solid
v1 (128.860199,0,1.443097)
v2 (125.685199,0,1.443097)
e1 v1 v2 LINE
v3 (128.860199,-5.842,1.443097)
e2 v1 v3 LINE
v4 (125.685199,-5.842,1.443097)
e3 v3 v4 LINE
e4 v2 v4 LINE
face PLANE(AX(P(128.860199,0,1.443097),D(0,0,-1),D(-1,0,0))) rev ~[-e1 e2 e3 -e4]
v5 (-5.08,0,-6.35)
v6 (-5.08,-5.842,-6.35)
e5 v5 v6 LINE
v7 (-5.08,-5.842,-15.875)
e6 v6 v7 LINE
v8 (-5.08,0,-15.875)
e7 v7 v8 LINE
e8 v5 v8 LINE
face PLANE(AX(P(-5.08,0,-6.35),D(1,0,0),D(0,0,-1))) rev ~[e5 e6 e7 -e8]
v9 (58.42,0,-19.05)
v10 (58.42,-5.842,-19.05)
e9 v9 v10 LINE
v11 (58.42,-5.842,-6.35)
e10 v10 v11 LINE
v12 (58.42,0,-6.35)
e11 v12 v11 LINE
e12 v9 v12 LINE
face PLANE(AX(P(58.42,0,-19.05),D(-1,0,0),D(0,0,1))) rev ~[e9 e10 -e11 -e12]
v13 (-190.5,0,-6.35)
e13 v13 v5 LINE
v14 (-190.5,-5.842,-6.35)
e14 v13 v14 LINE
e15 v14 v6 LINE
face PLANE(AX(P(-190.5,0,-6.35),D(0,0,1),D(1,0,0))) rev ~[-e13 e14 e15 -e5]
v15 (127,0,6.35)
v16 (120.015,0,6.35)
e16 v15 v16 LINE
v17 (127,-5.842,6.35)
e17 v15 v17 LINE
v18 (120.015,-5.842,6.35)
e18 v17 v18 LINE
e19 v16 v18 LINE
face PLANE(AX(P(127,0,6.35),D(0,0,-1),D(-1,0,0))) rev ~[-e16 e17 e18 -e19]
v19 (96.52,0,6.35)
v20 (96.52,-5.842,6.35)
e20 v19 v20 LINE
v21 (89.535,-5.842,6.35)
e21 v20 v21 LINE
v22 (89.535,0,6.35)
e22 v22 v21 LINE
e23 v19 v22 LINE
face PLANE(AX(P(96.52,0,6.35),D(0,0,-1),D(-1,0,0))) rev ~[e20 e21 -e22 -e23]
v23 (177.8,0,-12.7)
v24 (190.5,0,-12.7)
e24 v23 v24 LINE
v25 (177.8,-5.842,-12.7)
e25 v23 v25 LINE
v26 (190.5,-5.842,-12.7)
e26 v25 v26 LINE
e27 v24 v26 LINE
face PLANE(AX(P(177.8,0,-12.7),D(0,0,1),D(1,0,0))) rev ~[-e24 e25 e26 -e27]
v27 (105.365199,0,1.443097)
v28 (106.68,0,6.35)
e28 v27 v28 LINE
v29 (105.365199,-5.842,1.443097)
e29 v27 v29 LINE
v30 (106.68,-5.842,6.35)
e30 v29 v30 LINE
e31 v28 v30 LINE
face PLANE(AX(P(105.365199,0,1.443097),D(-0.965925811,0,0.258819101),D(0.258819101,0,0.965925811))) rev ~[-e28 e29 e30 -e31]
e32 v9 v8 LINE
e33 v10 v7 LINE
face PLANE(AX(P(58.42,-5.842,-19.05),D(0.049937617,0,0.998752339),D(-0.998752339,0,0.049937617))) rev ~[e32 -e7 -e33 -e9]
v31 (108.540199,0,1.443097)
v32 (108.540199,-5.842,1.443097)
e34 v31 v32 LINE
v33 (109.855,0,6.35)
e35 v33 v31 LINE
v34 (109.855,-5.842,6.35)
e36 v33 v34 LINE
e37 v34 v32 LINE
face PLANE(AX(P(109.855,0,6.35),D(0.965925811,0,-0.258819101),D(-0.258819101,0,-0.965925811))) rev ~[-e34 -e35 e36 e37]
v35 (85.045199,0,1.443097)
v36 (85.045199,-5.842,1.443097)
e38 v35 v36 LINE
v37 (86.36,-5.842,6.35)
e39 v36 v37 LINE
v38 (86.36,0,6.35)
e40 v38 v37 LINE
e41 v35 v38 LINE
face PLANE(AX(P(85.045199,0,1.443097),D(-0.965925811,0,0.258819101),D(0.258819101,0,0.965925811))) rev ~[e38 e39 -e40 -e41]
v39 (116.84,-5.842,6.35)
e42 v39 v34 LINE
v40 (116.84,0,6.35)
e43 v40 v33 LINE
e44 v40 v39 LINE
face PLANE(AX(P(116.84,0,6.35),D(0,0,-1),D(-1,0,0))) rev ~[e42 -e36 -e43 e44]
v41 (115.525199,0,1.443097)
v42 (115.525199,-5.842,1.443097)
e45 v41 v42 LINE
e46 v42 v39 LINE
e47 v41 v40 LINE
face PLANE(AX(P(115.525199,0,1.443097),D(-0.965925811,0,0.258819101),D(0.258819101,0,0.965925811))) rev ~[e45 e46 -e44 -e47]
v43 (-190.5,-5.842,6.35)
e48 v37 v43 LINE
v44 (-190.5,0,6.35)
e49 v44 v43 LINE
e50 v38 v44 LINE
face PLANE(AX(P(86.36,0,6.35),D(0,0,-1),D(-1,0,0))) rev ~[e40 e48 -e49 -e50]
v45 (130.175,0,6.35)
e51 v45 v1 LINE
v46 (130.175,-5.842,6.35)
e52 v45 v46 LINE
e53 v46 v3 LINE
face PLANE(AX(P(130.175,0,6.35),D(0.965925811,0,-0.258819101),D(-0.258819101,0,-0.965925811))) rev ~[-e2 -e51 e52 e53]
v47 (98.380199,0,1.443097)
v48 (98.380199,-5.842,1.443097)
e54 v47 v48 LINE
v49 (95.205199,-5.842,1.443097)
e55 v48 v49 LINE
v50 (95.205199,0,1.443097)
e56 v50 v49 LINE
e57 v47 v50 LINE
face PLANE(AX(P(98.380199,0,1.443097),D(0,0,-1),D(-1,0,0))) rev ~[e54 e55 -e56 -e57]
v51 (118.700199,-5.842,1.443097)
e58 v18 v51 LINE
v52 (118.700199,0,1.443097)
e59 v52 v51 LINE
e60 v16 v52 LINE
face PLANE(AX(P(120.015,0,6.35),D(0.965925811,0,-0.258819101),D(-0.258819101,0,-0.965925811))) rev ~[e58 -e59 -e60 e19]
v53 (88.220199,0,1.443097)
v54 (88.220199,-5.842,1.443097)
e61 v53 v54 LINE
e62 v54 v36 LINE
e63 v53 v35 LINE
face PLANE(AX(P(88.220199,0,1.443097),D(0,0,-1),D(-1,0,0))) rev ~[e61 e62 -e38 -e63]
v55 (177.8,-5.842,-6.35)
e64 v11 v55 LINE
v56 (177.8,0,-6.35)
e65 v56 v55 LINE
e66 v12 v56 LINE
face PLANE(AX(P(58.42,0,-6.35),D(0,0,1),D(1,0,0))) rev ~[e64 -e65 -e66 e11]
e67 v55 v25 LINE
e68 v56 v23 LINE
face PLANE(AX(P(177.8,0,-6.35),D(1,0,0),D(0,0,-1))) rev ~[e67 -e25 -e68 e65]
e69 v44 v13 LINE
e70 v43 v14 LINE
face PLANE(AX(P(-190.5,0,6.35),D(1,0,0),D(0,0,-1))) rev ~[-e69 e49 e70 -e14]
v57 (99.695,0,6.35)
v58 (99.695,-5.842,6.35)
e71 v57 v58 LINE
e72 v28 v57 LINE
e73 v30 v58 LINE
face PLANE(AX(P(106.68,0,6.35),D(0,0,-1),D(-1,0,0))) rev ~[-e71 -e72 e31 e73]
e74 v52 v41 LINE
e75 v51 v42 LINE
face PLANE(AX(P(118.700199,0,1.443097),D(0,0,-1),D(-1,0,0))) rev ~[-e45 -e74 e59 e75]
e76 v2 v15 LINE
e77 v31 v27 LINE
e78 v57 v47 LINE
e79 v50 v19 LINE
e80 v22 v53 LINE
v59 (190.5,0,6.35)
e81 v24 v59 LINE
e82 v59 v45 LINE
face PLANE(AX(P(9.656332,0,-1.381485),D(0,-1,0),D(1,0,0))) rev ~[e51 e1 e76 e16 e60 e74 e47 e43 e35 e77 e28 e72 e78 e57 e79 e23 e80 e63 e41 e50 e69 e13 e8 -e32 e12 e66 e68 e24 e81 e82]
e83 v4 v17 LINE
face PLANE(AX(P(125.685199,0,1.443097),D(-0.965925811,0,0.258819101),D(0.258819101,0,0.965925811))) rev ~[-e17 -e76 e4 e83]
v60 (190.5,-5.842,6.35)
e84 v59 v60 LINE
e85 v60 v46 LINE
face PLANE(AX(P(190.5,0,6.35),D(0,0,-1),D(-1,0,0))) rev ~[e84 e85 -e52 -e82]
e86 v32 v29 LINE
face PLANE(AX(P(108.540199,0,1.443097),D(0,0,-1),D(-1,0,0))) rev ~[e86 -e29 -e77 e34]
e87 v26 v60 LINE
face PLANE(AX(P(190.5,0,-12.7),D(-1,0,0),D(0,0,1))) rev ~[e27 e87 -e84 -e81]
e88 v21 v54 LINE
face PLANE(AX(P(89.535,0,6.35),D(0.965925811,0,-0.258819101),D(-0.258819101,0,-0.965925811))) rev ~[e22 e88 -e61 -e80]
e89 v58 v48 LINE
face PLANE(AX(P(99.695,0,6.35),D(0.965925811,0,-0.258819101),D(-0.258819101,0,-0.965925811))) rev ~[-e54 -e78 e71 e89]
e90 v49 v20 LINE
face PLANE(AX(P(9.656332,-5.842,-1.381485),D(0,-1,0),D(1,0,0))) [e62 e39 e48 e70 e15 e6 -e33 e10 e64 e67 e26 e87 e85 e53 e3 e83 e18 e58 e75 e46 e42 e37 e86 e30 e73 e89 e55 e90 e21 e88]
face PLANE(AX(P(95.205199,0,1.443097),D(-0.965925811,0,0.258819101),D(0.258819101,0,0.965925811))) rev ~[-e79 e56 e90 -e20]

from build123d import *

# Parameters (mm, degrees)
F1_DEPTH = 5.842
F3_DEPTH = 25.4


with BuildPart() as f1:
    # F0 (on Front) → F1 (new body)
    with BuildSketch(Plane.XZ):
        Polygon((86.36, 6.35), (-190.5, 6.35), (-190.5, -6.35), (-5.08, -6.35), (-5.08, -19.05), (58.42, -19.05), (58.42, -6.35), (177.8, -6.35), (177.8, -12.7), (190.5, -12.7), (190.5, -6.35), (190.5, 6.35), (130.175, 6.35), (128.860199, 1.443097), (125.685199, 1.443097), (127, 6.35), (120.015, 6.35), (118.700199, 1.443097), (115.525199, 1.443097), (116.84, 6.35), (109.855, 6.35), (108.540199, 1.443097), (105.365199, 1.443097), (106.68, 6.35), (99.695, 6.35), (98.380199, 1.443097), (95.205199, 1.443097), (96.52, 6.35), (89.535, 6.35), (88.220199, 1.443097), (85.045199, 1.443097), align=None)
    extrude(amount=F1_DEPTH)

    # F2 (on face) → F3 (cut)
    with BuildSketch(Plane.XZ.offset(5.842)):
        Polygon((58.42, -19.05), (-5.08, -15.875), (-5.08, -19.05), align=None)
    extrude(amount=-F3_DEPTH, mode=Mode.SUBTRACT)


solid = f1.part
